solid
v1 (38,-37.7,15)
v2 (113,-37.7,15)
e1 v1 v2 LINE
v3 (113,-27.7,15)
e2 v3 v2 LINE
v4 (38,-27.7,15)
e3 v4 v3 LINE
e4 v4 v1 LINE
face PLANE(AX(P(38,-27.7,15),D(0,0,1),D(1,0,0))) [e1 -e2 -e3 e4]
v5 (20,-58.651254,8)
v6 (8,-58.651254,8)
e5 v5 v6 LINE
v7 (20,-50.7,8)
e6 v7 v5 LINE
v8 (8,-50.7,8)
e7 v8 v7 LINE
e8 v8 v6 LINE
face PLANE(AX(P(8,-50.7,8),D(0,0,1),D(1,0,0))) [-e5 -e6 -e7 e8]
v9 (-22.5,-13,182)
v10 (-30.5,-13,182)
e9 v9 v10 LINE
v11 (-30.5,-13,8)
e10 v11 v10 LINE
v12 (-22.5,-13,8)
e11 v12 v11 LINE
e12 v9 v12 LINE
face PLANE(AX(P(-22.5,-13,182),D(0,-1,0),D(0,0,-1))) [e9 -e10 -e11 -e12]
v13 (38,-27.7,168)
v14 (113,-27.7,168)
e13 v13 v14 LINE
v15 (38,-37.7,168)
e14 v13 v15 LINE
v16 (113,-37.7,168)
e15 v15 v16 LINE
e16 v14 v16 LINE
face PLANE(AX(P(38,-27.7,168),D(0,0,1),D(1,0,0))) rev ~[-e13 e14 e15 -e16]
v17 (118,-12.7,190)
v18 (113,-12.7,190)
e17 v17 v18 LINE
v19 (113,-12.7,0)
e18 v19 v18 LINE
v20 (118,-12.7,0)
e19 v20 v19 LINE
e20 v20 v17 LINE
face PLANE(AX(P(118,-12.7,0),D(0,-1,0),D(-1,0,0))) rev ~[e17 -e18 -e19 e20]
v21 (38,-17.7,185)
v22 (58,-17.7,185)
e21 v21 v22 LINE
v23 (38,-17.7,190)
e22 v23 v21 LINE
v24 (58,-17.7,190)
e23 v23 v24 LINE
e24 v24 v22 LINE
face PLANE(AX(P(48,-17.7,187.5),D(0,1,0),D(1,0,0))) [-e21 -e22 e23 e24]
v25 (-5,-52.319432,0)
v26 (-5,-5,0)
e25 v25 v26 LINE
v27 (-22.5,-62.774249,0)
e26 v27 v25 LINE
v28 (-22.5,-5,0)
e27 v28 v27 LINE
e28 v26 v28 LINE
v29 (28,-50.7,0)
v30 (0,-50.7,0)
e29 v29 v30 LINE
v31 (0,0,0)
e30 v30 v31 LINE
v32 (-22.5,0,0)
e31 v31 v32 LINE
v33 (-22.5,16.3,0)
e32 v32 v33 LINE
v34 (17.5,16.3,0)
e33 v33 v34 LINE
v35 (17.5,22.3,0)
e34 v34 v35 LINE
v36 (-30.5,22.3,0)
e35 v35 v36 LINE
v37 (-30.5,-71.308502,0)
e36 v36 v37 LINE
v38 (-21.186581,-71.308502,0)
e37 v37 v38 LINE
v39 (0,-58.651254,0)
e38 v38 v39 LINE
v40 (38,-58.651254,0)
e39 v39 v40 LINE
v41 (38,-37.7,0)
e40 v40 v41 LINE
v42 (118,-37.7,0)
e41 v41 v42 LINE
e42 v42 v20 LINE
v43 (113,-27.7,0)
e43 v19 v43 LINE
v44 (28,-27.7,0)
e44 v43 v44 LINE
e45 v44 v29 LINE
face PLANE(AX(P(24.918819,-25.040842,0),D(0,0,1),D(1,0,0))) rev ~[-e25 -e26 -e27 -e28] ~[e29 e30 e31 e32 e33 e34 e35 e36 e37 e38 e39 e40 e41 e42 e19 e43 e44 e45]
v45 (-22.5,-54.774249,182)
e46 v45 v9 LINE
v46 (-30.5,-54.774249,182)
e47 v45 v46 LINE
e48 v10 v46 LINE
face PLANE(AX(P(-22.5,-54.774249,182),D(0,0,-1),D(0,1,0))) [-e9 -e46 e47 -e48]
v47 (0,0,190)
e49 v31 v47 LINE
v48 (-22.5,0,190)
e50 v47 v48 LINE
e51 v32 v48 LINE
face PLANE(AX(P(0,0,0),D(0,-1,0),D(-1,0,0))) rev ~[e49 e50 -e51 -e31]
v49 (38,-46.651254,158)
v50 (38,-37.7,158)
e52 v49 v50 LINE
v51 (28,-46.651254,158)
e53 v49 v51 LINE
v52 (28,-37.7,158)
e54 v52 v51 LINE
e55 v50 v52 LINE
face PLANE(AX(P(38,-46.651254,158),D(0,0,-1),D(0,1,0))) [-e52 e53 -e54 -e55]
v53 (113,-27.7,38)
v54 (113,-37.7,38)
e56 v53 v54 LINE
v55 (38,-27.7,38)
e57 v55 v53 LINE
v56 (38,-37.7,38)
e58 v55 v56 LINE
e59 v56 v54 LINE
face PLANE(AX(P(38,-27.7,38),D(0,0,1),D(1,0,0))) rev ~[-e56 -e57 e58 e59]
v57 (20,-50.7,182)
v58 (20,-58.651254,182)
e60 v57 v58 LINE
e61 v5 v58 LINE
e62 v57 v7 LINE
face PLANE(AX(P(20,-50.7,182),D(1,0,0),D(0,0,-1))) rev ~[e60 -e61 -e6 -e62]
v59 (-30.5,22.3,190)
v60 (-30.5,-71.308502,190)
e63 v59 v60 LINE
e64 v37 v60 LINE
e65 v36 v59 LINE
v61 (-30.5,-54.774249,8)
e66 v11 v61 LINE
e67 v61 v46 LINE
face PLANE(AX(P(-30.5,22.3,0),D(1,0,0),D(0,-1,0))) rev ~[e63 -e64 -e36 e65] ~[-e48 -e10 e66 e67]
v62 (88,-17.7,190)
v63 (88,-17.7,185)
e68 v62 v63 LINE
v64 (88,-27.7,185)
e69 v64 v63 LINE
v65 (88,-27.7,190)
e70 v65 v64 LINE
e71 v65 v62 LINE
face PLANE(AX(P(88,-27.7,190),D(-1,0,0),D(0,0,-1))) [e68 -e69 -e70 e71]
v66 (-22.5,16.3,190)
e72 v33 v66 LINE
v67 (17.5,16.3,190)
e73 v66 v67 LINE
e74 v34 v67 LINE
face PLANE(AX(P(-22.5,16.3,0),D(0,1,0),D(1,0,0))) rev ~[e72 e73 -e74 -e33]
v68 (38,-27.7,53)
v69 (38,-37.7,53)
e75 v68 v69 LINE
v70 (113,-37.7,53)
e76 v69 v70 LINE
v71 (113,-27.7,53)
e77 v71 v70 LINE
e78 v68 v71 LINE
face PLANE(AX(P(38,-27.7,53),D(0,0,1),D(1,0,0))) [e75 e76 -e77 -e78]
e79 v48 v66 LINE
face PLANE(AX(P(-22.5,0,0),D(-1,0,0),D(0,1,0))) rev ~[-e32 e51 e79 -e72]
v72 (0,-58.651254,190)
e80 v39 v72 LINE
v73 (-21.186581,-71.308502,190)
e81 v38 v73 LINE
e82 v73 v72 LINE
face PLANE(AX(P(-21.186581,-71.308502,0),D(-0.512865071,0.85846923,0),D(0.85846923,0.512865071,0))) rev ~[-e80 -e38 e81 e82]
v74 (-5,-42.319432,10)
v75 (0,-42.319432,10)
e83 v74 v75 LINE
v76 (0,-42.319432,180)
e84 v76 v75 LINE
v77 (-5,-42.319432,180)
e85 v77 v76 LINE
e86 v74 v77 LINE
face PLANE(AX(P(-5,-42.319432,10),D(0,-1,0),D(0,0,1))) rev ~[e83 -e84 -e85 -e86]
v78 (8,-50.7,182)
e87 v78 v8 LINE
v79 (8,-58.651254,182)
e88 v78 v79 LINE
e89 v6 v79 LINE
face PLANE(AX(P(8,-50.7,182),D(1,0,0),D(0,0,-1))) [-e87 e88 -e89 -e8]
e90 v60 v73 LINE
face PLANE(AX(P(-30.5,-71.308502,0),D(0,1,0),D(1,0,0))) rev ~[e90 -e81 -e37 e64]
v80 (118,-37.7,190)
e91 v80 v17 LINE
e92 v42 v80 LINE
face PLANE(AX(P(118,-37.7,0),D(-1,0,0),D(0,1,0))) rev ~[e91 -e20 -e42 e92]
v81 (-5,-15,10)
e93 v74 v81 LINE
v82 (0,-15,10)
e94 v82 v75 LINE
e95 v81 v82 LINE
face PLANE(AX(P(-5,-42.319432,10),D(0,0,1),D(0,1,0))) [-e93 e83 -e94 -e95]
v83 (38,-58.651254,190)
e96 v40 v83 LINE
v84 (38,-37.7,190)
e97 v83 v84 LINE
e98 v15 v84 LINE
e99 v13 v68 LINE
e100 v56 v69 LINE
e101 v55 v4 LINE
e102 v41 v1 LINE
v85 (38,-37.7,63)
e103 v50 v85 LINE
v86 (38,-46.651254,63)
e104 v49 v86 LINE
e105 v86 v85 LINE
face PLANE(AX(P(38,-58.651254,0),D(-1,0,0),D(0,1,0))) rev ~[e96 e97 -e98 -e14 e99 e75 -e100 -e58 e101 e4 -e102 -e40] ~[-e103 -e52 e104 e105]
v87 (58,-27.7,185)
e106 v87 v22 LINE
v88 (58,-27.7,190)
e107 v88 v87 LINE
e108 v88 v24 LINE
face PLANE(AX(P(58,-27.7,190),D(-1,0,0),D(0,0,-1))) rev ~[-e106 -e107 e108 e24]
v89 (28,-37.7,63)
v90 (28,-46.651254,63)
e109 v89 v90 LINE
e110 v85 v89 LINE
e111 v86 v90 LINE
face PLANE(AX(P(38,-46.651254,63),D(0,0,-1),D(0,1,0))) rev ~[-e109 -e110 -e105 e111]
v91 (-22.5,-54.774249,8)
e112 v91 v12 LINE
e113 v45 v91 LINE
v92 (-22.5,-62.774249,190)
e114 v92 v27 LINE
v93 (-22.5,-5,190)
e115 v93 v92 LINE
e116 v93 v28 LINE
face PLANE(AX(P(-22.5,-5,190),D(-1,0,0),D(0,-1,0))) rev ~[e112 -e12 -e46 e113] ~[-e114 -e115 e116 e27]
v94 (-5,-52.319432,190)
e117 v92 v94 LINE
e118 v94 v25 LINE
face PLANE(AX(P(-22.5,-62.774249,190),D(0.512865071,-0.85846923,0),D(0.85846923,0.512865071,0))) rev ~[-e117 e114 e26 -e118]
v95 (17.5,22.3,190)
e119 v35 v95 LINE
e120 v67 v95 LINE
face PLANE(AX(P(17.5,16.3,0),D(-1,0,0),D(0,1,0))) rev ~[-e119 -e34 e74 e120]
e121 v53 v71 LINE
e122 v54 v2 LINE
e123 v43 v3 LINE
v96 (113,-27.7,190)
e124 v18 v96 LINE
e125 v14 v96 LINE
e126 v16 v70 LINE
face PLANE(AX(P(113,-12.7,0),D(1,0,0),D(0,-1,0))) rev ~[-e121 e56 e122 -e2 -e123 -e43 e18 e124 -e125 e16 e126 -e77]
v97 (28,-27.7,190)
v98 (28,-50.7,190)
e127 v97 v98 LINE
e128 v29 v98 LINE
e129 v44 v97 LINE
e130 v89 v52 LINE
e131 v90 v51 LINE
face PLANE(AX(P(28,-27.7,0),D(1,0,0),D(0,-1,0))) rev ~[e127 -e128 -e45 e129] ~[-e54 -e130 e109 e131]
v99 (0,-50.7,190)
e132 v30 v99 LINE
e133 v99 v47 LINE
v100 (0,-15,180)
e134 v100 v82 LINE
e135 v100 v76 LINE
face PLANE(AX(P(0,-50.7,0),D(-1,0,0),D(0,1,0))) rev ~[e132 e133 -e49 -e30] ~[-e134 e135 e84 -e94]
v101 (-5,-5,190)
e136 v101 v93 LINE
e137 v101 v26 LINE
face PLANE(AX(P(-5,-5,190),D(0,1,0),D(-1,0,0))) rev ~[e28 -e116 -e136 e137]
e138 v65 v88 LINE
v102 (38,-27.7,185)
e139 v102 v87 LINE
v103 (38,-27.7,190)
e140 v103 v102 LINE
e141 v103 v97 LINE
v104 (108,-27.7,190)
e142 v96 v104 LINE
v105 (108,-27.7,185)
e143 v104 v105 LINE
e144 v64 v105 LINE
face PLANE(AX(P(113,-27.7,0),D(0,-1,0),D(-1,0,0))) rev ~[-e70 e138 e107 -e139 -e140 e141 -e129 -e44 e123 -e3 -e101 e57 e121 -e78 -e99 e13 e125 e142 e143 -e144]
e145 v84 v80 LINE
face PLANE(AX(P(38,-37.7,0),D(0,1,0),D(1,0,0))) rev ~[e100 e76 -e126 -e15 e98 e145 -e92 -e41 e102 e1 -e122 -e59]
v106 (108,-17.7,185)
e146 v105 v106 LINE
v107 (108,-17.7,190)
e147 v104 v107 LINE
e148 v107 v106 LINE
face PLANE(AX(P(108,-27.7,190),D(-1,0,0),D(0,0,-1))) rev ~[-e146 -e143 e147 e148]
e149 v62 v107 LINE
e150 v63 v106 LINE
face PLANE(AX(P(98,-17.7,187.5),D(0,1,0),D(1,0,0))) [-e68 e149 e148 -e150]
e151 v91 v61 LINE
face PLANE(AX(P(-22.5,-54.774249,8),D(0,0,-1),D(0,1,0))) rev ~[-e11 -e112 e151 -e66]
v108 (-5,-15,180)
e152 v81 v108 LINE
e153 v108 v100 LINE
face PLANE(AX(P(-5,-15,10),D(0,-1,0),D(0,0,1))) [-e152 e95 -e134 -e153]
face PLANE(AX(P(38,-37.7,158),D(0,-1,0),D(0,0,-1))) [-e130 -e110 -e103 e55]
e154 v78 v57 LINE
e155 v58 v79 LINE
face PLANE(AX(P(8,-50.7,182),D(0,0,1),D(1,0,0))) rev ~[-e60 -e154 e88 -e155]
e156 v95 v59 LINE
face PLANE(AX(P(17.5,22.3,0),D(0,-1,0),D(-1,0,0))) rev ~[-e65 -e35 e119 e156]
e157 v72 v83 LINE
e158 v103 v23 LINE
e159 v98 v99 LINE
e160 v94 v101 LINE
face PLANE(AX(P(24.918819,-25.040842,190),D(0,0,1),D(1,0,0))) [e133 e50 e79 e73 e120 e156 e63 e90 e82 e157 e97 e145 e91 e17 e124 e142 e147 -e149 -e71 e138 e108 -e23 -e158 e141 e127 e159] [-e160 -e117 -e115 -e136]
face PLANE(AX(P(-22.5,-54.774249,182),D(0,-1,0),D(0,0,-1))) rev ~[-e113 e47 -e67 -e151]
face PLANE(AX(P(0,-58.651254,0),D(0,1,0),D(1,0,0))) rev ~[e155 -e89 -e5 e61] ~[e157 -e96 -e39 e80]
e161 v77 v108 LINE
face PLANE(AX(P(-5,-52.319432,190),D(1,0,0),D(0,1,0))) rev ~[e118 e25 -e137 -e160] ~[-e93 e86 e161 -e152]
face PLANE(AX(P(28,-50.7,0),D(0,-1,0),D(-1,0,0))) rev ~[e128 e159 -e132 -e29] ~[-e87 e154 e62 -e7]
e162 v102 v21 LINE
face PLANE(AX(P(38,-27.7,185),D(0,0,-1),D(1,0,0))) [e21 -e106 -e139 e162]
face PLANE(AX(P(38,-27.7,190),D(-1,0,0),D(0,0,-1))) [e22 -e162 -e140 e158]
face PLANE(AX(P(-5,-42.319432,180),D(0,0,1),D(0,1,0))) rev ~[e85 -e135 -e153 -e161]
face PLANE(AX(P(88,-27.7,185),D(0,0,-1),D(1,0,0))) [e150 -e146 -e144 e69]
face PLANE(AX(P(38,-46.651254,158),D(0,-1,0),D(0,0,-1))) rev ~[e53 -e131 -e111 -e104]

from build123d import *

# Parameters (mm, degrees)
EXTRUDE_1_DEPTH        = 190
CUT_EXTRUDE_1_DEPTH    = 235.752853891
SKETCH_4_W             = 75
SKETCH_4_H             = 23
CUT_EXTRUDE_2_DEPTH    = 230.181151057
SKETCH_6_W             = 75
SKETCH_6_H             = 115
CUT_EXTRUDE_3_DEPTH    = 230.181151057
SKETCH_7_W             = 20
SKETCH_7_H             = 5
EXTRUDE_3_DEPTH        = 10
PATTERN_LINEAR_1_COUNT = 2
PATTERN_LINEAR_1_PITCH = 50
CUT_EXTRUDE_4_REACH    = 220.14
SKETCH_8_W             = 95
SKETCH_8_H             = 8.95125425
CUT_EXTRUDE_5_REACH    = 237.272
SKETCH_9_W             = 12
SKETCH_9_H             = 174
CUT_EXTRUDE_6_REACH    = 239.306
SKETCH_10_W            = 170
SKETCH_10_H            = 27.319431914
CUT_EXTRUDE_7_REACH    = 248.83
SKETCH_12_W            = 174
SKETCH_12_H            = 41.774248955


with BuildPart() as part:
    # 草图1 → 凸台-拉伸1 (new body)
    with BuildSketch(Plane.XY):
        Polygon((0, 0), (-22.5, 0), (-22.5, 16.3), (17.5, 16.3), (17.5, 22.3), (-30.5, 22.3), (-30.5, -71.308501668), (-21.186581166, -71.308501668), (0, -58.65125425), (38, -58.65125425), (38, -37.7), (118, -37.7), (118, -12.7), (113, -12.7), (113, -27.7), (28, -27.7), (28, -50.7), (0, -50.7), align=None)
    extrude(amount=EXTRUDE_1_DEPTH)

    # 草图2 → 切除-拉伸1 (cut, through all)
    with BuildSketch(Plane.XY.offset(190)):
        Polygon((-22.5, -5), (-22.5, -62.774248955), (-5, -52.319431914), (-5, -5), align=None)
    extrude(amount=-CUT_EXTRUDE_1_DEPTH, mode=Mode.SUBTRACT)

    # 草图4 → 切除-拉伸2 (cut, through all)
    with BuildSketch(Plane(origin=(0, -27.7, 0), x_dir=(1, 0, 0), z_dir=(0, 1, 0))):
        with Locations((75.5, -26.5)):
            Rectangle(SKETCH_4_W, SKETCH_4_H)
    extrude(amount=-CUT_EXTRUDE_2_DEPTH, mode=Mode.SUBTRACT)

    # 草图6 → 切除-拉伸3 (cut, through all)
    with BuildSketch(Plane(origin=(0, -27.7, 0), x_dir=(1, 0, 0), z_dir=(0, 1, 0))):
        with Locations((75.5, -110.5)):
            Rectangle(SKETCH_6_W, SKETCH_6_H)
    extrude(amount=-CUT_EXTRUDE_3_DEPTH, mode=Mode.SUBTRACT)

    # 草图7 → 凸台-拉伸3 (add)
    with BuildSketch(Plane(origin=(0, -27.7, 0), x_dir=(1, 0, 0), z_dir=(0, 1, 0))):
        with Locations((48, -187.5)):
            Rectangle(SKETCH_7_W, SKETCH_7_H)
    extrude_3 = extrude(amount=EXTRUDE_3_DEPTH)

    # 阵列(线性)1: 凸台-拉伸3 ×2
    with Locations(*[(i * PATTERN_LINEAR_1_PITCH, 0, 0) for i in range(1, PATTERN_LINEAR_1_COUNT)]):
        add(extrude_3)

    # 草图8 → 切除-拉伸4 (cut, up to next)
    with BuildSketch(Plane(origin=(38, 0, 0), x_dir=(0, 0, -1), z_dir=(1, 0, 0)), mode=Mode.PRIVATE) as cut_extrude_4_sk1:
        with Locations((-110.5, -42.175627125)):
            Rectangle(SKETCH_8_W, SKETCH_8_H)
    cut_extrude_4_tool1 = extrude(cut_extrude_4_sk1.sketch, amount=-CUT_EXTRUDE_4_REACH, mode=Mode.PRIVATE) & part.part
    add(cut_extrude_4_tool1.solids().sort_by_distance((38, -42.175627, 110.5))[0], mode=Mode.SUBTRACT)

    # 草图9 → 切除-拉伸5 (cut, up to next)
    with BuildSketch(Plane(origin=(0, -50.7, 0), x_dir=(1, 0, 0), z_dir=(0, 1, 0)), mode=Mode.PRIVATE) as cut_extrude_5_sk1:
        with Locations((14, -95)):
            Rectangle(SKETCH_9_W, SKETCH_9_H)
    cut_extrude_5_tool1 = extrude(cut_extrude_5_sk1.sketch, amount=-CUT_EXTRUDE_5_REACH, mode=Mode.PRIVATE) & part.part
    add(cut_extrude_5_tool1.solids().sort_by_distance((14, -50.7, 95))[0], mode=Mode.SUBTRACT)

    # 草图10 → 切除-拉伸6 (cut, up to next)
    with BuildSketch(Plane.ZY.offset(5), mode=Mode.PRIVATE) as cut_extrude_6_sk1:
        with Locations((95, -28.659715957)):
            Rectangle(SKETCH_10_W, SKETCH_10_H)
    cut_extrude_6_tool1 = extrude(cut_extrude_6_sk1.sketch, amount=-CUT_EXTRUDE_6_REACH, mode=Mode.PRIVATE) & part.part
    add(cut_extrude_6_tool1.solids().sort_by_distance((-5, -28.659716, 95))[0], mode=Mode.SUBTRACT)

    # 草图12 → 切除-拉伸7 (cut, up to next)
    with BuildSketch(Plane(origin=(-22.5, 0, 0), x_dir=(0, 0, -1), z_dir=(1, 0, 0)), mode=Mode.PRIVATE) as cut_extrude_7_sk1:
        with Locations((-95, -33.887124478)):
            Rectangle(SKETCH_12_W, SKETCH_12_H)
    cut_extrude_7_tool1 = extrude(cut_extrude_7_sk1.sketch, amount=-CUT_EXTRUDE_7_REACH, mode=Mode.PRIVATE) & part.part
    add(cut_extrude_7_tool1.solids().sort_by_distance((-22.5, -33.887124, 95))[0], mode=Mode.SUBTRACT)


solid = part.part
